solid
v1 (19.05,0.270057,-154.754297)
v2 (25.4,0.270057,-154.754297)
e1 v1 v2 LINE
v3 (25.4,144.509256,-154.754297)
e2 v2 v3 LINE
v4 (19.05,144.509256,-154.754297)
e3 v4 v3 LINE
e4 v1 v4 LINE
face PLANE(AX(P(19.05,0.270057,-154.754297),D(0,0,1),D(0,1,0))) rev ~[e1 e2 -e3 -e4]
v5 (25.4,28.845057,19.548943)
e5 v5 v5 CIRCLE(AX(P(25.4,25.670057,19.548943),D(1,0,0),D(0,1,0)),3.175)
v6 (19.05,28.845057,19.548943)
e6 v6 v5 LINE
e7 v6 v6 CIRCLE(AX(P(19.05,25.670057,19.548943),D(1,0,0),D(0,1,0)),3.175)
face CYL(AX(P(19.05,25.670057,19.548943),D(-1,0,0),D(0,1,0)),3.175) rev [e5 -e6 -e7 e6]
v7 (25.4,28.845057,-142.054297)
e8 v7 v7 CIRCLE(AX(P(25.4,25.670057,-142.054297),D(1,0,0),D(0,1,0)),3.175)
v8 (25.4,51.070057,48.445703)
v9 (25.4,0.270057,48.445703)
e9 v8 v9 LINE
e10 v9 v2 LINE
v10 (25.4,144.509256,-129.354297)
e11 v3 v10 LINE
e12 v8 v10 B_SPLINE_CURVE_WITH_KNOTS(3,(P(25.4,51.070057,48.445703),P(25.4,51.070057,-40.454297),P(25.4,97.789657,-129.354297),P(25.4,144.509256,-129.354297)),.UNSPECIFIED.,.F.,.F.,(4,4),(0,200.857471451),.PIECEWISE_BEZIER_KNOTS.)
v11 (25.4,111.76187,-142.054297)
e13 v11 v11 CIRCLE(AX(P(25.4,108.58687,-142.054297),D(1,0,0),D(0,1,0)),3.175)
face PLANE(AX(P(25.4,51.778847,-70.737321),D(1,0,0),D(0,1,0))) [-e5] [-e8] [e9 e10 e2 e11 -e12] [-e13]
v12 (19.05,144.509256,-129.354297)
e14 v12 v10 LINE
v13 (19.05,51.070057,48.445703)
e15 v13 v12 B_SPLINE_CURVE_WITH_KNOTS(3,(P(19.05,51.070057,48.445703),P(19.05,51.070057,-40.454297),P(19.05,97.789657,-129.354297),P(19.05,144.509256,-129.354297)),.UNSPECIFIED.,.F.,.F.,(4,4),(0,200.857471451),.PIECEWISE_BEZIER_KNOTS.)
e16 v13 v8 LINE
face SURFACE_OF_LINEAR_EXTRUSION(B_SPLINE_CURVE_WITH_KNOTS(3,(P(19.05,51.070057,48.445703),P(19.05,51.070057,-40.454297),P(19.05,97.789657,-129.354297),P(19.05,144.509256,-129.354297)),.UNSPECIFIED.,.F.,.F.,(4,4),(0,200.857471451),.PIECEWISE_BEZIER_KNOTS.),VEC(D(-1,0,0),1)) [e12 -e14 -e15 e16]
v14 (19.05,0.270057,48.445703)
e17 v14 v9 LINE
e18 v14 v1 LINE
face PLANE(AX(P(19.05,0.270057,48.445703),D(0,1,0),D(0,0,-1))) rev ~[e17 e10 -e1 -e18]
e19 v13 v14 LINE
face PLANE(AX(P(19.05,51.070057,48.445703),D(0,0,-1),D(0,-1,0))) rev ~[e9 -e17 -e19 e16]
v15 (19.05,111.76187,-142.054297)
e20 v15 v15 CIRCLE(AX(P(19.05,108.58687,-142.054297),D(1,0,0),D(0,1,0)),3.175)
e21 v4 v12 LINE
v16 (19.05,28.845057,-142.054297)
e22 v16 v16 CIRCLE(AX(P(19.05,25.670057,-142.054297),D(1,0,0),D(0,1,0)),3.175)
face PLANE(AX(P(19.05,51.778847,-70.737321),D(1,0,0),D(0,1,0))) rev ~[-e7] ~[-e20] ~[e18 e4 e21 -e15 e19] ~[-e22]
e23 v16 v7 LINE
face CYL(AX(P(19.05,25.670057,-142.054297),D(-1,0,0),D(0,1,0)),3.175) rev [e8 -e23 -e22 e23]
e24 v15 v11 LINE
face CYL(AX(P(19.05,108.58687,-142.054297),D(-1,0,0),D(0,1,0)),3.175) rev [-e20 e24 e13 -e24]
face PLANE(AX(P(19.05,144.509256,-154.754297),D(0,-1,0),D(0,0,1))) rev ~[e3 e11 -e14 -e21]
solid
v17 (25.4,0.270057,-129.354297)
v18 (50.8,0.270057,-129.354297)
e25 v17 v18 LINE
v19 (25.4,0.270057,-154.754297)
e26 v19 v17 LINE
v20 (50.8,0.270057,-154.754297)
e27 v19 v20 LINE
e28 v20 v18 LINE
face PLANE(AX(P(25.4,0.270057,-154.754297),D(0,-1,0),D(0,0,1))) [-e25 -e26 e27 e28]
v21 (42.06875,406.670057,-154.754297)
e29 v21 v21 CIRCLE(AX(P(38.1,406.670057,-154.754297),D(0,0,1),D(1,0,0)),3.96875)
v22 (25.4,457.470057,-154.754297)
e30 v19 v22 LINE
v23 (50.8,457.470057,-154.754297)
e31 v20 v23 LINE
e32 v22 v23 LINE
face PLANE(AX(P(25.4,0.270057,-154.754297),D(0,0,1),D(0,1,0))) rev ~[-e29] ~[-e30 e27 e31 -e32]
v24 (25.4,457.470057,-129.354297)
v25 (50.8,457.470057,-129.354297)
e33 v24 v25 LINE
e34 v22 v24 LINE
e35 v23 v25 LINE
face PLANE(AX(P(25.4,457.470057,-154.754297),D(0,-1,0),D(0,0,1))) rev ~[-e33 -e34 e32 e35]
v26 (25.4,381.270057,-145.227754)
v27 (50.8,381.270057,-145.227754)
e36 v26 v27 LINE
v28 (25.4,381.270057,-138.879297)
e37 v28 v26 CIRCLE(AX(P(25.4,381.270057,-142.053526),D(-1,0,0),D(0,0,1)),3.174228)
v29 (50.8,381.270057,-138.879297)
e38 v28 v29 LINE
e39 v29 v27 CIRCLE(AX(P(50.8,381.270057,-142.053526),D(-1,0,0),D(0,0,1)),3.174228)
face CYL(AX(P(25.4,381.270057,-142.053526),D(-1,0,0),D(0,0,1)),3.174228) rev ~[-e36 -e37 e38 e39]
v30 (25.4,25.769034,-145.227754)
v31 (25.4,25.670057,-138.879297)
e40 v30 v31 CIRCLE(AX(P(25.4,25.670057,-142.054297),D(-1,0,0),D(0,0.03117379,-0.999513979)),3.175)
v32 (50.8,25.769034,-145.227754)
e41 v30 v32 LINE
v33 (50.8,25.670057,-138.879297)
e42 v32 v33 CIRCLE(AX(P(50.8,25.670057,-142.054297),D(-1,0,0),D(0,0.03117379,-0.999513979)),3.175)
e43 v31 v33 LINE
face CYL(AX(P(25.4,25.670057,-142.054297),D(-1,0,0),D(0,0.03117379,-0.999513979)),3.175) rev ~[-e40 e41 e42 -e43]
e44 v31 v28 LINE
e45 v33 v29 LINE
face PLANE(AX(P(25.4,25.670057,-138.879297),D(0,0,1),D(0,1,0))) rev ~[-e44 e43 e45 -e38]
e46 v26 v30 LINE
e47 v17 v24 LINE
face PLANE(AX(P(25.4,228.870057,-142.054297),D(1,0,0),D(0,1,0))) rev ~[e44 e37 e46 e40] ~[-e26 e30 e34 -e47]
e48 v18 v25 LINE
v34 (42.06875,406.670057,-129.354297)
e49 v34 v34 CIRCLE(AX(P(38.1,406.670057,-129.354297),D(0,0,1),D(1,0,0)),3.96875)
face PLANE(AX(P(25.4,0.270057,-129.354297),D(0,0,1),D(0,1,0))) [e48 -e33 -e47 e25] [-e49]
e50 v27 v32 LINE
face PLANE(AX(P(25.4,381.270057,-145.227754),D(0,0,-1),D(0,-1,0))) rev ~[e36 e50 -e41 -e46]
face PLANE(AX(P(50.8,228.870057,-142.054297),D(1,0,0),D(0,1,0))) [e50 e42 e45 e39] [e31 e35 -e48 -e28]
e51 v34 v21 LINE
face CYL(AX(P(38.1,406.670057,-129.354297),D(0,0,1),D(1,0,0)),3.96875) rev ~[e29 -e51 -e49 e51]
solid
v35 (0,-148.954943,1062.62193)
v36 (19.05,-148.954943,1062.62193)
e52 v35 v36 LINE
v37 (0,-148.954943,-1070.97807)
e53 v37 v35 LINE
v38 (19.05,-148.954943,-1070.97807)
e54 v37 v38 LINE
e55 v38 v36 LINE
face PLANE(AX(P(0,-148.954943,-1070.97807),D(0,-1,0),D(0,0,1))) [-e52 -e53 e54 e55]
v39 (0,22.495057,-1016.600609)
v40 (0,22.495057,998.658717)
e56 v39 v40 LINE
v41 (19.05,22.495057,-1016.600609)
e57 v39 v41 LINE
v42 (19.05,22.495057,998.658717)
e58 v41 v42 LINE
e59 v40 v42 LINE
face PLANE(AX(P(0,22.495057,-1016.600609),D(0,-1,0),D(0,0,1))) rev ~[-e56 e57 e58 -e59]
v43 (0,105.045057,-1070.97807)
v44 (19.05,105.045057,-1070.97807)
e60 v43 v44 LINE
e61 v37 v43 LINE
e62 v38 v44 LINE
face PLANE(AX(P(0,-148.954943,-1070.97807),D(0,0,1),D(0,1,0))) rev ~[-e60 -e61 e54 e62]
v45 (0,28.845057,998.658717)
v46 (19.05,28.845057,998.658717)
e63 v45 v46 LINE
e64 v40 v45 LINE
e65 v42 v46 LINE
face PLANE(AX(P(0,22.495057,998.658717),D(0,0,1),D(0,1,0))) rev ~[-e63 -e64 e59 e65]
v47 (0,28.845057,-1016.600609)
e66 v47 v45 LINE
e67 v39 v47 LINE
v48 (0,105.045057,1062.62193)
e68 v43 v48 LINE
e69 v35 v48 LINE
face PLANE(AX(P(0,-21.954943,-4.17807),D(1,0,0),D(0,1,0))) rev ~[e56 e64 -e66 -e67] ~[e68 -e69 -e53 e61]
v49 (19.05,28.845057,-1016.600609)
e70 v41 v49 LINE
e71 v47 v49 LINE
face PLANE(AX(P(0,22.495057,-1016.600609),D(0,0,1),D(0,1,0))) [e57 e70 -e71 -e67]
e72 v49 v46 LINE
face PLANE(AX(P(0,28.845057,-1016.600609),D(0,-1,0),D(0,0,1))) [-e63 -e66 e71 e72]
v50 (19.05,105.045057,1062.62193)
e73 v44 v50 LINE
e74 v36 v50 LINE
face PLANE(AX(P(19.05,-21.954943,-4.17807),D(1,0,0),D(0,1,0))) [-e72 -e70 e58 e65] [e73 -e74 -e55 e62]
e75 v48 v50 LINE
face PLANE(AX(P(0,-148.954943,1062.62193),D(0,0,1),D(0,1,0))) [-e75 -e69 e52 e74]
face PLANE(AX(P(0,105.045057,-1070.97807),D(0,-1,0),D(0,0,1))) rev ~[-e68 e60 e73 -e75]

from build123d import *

# Parameters (mm, degrees)
F0_W     = 254
F0_H     = 2133.6
F0_W_2   = 6.35
F0_H_2   = 2015.2593255043
F1_DEPTH = 19.05
F2_R     = 3.175
F3_DEPTH = 6.35
F4_W     = 457.2
F4_H     = 25.4
F5_DEPTH = 25.4
F6_R     = 3.96875
F7_DEPTH = 25.4


with BuildPart() as f1:
    # F0 (on Right) → F1 (new body)
    with BuildSketch(Plane.YZ):
        with Locations((-21.9549427276, -4.1780695319)):
            Rectangle(F0_W, F0_H)
        with Locations((25.6700572724, -8.9709460735)):
            Rectangle(F0_W_2, F0_H_2, mode=Mode.SUBTRACT)
    extrude(amount=F1_DEPTH)


with BuildPart() as f3:
    # F2 (on face) → F3 (new body)
    with BuildSketch(Plane.YZ.offset(19.05)):
        with BuildLine():
            Line((51.0700572724, 48.4457026833), (0.2700572724, 48.4457026833))
            Line((0.2700572724, 48.4457026833), (0.2700572724, -154.7542973167))
            Line((0.2700572724, -154.7542973167), (51.0700572724, -154.7542973167))
            Line((51.0700572724, -154.7542973167), (144.5092558861, -154.7542973167))
            Line((144.5092558861, -154.7542973167), (144.5092558861, -129.3542973167))
            add(Edge.make_bspline(
                [(51.0700572724, 48.4457026833), (51.0700572724, -40.4542973167), (97.7896565792, -129.3542973167), (144.5092558861, -129.3542973167)],
                knots=[0, 0, 0, 0, 200.8574714507, 200.8574714507, 200.8574714507, 200.8574714507], degree=3))
        make_face()
        with Locations((25.6700572724, -142.0542973167)):
            Circle(F2_R, mode=Mode.SUBTRACT)
        with Locations((108.5868701339, -142.0542973167)):
            Circle(F2_R, mode=Mode.SUBTRACT)
        with Locations((25.6700572724, 19.5489432663)):
            Circle(F2_R, mode=Mode.SUBTRACT)
    extrude(amount=F3_DEPTH)


with BuildPart() as f5:
    # F4 (on face) → F5 (new body)
    with BuildSketch(Plane.YZ.offset(25.4)):
        with Locations((228.8700572724, -142.0542973167)):
            Rectangle(F4_W, F4_H)
        with BuildLine():
            ThreePointArc((25.7690340547, -145.2277542011), (22.4954430748, -142.1037917221), (25.6700572724, -138.8792973167))
            Line((25.6700572724, -138.8792973167), (381.2700572724, -138.8792973167))
            ThreePointArc((381.2700572724, -138.8792973167), (384.4442857146, -142.0535257589), (381.2700572724, -145.2277542011))
            Line((381.2700572724, -145.2277542011), (25.7690340547, -145.2277542011))
        make_face(mode=Mode.SUBTRACT)
    extrude(amount=F5_DEPTH)

    # F6 (on face) → F7 (cut)
    with BuildSketch(Plane.XY.offset(-129.3542973167)):
        with Locations((38.1, 406.6700572724)):
            Circle(F6_R)
    extrude(amount=-F7_DEPTH, mode=Mode.SUBTRACT)


solid = Compound([f1.part, f3.part, f5.part])
